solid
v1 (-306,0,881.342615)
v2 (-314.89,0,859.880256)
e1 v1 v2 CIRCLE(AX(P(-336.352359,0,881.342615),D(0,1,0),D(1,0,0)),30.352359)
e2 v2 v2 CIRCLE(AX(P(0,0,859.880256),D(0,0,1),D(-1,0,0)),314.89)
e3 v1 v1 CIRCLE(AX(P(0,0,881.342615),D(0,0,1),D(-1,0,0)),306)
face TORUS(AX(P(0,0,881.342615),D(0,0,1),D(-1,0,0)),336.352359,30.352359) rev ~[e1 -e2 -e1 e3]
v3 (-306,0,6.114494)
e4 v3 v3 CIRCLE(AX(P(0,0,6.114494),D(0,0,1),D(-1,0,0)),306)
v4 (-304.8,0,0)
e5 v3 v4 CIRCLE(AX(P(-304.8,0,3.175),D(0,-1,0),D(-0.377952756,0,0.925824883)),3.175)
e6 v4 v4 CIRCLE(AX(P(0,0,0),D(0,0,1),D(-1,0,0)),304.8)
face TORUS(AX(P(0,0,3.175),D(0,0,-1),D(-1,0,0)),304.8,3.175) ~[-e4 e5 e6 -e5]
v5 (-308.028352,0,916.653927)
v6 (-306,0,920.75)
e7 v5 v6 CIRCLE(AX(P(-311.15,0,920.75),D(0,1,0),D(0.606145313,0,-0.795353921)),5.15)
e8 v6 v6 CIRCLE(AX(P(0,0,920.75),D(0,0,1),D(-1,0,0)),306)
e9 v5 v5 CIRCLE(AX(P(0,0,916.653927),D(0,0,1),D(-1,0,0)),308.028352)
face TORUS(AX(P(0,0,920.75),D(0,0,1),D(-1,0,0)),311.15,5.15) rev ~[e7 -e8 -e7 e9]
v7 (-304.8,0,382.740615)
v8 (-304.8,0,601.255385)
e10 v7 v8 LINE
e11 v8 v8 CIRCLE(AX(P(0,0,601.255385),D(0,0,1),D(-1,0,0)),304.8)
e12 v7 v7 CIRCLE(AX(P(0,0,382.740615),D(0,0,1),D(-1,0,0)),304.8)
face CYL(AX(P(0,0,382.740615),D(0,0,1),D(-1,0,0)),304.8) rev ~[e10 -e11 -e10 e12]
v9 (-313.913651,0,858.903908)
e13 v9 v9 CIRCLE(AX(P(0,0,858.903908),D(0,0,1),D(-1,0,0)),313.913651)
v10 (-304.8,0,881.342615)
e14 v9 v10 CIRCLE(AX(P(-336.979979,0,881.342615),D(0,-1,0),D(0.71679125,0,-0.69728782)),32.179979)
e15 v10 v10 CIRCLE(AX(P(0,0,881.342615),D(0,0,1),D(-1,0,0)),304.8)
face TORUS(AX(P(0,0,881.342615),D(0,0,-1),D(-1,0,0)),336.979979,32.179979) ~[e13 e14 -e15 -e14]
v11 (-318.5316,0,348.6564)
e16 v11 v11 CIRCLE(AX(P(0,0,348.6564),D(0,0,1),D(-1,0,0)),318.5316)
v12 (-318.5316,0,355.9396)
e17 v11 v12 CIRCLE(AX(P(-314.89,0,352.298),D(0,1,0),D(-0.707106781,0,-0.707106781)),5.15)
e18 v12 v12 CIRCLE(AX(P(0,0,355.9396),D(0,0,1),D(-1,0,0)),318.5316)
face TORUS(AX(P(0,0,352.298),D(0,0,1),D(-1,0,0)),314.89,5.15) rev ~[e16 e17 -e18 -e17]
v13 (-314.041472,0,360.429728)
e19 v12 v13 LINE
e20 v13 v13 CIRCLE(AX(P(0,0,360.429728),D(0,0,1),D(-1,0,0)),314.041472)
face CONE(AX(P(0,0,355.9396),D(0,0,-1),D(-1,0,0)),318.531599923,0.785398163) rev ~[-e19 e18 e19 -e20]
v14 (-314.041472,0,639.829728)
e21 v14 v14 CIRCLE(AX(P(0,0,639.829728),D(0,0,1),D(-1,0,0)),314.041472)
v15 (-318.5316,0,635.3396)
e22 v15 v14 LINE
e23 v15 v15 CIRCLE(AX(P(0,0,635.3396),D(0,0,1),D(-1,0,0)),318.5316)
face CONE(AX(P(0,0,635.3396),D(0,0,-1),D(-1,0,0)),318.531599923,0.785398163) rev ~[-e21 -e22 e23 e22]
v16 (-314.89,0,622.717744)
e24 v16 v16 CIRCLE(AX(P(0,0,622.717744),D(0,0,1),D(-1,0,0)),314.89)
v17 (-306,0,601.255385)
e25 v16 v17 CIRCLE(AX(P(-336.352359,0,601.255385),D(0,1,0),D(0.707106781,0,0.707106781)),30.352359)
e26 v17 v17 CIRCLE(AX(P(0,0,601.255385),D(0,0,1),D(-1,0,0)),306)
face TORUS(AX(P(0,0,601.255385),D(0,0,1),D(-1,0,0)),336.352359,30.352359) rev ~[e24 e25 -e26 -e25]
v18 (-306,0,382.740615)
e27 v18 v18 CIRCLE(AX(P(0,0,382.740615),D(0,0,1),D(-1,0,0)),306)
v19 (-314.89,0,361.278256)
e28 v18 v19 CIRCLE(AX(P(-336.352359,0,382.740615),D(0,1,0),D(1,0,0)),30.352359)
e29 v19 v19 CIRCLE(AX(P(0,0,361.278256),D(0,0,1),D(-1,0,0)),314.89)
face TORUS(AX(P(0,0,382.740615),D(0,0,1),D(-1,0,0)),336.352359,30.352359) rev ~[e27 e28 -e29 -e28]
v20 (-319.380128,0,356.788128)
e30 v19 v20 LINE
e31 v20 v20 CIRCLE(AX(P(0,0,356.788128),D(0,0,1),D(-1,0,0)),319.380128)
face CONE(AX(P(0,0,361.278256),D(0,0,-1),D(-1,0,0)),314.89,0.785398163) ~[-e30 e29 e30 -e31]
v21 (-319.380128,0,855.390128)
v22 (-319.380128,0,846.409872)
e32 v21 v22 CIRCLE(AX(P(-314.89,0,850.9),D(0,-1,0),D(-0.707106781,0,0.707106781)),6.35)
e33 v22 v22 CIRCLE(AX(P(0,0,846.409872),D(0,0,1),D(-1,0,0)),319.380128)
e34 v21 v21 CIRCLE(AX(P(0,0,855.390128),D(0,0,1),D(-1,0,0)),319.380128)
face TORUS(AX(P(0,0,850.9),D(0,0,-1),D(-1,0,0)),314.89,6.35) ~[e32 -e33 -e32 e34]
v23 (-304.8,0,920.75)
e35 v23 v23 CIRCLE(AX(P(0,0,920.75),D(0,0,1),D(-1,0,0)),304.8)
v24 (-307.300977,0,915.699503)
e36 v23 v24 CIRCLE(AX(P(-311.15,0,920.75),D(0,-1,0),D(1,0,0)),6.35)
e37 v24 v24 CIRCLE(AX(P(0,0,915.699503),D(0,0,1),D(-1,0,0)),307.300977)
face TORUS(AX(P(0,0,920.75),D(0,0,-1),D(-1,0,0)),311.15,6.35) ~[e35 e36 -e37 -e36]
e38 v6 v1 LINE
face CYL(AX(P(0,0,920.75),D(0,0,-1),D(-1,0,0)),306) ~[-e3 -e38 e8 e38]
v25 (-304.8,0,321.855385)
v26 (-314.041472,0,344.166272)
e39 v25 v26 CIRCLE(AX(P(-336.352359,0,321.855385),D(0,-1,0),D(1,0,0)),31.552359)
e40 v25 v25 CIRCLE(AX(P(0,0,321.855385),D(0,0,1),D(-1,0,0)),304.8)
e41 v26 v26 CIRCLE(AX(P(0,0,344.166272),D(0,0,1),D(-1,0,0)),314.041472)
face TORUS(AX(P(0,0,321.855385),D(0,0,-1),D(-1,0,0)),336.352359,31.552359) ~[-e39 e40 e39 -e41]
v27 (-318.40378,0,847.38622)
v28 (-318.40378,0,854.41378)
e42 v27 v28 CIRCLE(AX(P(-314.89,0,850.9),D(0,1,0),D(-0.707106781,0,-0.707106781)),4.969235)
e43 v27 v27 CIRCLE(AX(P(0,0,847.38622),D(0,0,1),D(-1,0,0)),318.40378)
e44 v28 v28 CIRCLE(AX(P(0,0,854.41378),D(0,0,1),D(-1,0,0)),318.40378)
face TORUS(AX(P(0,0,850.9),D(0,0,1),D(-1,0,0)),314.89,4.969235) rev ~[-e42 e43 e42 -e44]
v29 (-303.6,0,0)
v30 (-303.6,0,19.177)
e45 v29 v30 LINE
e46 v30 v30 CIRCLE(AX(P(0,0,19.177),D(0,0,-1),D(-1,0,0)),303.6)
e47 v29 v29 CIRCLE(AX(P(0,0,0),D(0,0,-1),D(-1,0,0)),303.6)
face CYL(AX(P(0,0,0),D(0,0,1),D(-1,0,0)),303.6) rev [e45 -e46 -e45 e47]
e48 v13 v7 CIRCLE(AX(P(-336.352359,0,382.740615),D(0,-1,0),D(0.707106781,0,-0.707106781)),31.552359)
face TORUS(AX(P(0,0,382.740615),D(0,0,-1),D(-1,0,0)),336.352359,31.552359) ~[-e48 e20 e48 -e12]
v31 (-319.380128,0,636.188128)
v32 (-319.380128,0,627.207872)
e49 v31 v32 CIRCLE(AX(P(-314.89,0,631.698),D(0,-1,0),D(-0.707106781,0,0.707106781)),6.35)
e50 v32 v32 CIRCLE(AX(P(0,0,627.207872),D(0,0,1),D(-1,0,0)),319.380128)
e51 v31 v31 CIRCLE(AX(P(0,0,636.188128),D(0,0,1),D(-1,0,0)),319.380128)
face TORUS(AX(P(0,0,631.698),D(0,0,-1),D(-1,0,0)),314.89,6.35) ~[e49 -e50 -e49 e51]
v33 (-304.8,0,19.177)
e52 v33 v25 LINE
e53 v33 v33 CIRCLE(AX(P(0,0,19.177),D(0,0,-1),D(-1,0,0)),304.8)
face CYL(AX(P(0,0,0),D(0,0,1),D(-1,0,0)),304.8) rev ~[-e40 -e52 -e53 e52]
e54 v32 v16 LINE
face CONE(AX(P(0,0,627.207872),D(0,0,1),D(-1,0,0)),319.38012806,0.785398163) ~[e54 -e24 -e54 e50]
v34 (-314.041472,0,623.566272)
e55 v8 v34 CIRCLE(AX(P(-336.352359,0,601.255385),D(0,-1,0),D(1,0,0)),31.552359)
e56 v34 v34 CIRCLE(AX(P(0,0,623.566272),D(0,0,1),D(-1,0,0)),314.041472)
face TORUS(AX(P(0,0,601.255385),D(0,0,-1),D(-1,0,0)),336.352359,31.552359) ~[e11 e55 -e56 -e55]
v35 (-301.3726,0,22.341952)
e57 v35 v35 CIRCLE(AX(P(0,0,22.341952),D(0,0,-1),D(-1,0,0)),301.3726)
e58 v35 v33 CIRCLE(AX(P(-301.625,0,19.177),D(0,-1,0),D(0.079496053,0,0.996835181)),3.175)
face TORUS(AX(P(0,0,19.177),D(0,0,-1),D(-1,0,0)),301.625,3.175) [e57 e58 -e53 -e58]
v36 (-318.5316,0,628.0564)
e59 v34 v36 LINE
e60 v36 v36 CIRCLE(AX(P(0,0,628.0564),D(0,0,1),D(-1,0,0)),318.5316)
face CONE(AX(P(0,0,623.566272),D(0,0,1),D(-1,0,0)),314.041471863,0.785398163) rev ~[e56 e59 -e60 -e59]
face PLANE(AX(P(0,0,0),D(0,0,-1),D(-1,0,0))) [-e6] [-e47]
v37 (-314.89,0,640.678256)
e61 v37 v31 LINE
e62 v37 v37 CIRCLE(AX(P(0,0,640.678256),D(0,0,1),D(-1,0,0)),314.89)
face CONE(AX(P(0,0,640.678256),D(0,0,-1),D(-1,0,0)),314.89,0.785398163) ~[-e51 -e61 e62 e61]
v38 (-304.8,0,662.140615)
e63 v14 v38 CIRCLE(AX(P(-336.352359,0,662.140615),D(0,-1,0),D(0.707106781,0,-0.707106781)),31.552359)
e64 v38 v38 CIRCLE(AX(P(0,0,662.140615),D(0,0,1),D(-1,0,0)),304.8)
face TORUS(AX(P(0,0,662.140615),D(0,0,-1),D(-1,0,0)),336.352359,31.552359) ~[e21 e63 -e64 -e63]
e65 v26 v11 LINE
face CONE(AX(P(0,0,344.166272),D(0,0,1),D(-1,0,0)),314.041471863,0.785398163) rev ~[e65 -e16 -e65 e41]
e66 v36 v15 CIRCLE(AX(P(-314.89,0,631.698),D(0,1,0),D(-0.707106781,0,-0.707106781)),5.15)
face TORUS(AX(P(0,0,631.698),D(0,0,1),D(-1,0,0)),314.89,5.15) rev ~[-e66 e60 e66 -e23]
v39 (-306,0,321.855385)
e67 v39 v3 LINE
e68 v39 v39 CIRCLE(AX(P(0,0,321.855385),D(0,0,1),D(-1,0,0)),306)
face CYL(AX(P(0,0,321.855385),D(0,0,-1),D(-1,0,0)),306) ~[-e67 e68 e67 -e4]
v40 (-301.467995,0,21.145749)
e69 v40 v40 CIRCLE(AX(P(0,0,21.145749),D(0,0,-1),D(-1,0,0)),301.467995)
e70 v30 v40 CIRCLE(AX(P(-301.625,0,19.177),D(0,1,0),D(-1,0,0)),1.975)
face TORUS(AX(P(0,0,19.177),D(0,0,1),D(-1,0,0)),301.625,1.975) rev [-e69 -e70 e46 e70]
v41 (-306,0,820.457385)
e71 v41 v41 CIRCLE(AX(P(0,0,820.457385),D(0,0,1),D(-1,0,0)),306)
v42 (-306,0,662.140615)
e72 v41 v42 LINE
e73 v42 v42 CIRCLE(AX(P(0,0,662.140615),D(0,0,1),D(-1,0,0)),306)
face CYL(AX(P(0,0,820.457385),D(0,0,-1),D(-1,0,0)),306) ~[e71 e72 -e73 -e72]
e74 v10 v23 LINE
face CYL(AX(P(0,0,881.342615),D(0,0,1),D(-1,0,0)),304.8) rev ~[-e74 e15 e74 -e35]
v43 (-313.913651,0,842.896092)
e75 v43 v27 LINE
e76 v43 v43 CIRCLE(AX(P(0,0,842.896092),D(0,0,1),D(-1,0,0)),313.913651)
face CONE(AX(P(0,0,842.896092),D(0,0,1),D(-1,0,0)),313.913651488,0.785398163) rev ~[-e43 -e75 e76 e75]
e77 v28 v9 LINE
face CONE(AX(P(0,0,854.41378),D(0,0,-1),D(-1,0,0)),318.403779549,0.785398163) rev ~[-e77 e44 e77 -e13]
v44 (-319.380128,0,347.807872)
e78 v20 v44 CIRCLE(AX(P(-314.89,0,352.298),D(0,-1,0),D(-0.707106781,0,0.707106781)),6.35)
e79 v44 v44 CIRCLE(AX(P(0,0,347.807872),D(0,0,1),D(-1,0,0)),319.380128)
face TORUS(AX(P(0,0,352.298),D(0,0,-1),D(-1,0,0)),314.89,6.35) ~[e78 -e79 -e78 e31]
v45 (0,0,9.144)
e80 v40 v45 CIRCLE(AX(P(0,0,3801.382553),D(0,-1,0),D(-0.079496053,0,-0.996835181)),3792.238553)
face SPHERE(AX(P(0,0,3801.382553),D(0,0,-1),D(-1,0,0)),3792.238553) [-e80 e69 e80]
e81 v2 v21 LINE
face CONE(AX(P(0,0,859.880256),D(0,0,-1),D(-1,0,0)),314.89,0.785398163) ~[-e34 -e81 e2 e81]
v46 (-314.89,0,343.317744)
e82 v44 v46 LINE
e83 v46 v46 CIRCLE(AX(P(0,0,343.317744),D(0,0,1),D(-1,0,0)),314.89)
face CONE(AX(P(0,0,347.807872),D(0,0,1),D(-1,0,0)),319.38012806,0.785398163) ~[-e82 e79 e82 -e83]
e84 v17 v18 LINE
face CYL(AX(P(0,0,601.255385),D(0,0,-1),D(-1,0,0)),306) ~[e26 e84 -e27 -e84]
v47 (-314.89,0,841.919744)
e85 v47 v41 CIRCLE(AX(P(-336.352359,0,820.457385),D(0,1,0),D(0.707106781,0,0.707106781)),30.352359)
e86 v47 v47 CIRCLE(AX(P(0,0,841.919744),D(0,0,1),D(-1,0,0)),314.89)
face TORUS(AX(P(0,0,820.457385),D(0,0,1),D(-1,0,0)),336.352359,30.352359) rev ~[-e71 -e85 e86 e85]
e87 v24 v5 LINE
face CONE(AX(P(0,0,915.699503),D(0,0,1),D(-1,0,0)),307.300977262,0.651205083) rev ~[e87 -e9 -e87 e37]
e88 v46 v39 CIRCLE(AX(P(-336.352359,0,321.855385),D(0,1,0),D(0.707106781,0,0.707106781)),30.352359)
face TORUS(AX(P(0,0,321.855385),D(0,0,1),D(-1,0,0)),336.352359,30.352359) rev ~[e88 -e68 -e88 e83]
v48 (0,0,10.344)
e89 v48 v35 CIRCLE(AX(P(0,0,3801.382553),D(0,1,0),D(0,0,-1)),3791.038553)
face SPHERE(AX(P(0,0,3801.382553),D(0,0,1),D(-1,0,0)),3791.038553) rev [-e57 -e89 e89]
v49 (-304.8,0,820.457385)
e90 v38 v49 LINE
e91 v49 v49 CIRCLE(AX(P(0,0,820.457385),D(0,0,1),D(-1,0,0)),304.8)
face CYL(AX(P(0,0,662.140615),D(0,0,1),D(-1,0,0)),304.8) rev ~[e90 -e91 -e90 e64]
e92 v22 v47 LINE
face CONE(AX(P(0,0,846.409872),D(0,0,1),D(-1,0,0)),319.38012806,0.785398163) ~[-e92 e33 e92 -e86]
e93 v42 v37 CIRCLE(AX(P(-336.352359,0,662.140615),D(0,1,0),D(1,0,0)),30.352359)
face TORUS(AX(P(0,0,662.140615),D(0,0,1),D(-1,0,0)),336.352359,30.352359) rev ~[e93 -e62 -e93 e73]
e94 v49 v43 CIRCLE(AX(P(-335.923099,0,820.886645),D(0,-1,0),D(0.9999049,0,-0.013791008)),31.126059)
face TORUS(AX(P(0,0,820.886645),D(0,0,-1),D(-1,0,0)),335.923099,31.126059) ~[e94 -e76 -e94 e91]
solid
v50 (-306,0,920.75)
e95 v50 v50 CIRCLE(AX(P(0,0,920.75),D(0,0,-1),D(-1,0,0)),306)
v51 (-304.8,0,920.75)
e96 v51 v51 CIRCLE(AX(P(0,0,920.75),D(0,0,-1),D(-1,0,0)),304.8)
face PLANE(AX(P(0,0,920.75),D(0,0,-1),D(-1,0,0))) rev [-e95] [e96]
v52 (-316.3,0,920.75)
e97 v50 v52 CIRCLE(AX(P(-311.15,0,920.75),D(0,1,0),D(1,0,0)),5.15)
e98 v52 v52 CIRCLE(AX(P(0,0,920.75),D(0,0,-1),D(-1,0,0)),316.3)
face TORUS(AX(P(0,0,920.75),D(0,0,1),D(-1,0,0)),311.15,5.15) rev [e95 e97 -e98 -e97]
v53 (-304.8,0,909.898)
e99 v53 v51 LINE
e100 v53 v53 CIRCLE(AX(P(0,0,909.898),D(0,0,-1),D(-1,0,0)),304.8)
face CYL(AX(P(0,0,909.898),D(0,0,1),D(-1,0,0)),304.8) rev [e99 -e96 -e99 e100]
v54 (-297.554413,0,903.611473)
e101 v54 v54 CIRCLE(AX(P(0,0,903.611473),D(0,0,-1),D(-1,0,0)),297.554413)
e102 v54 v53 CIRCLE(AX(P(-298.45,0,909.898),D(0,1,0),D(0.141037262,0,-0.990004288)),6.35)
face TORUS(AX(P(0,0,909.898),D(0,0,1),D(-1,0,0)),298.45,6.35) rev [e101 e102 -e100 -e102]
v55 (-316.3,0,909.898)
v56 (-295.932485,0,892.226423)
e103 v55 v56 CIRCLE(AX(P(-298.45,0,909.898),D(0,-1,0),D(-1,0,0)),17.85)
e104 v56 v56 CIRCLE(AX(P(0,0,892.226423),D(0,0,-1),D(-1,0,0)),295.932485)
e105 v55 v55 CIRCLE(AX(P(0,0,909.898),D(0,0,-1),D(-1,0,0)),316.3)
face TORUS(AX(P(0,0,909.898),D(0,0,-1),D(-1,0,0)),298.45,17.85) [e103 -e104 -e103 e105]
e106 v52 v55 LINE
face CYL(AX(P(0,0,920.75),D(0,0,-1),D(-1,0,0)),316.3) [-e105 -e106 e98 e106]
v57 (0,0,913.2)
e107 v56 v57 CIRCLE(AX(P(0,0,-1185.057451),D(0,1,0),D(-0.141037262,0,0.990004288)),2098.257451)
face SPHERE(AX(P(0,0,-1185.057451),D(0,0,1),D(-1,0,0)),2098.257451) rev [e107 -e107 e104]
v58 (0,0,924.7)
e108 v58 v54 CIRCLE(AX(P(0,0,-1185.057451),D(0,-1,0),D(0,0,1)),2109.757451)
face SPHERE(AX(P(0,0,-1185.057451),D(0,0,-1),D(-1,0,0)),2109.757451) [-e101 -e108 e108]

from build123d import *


with BuildPart() as f1:
    # F0 (on Front) → F1 (revolve)
    with BuildSketch(Plane.XZ):
        with BuildLine():
            ThreePointArc((-306, 6.1144940041), (-307.9155672407, 2.5635543618), (-304.8, 0))
            Line((-304.8, 0), (-304.8, 321.8553853094))
            ThreePointArc((-304.8, 321.8553853094), (-307.2017802847, 333.929950186), (-314.0414718626, 344.1662720164))
            Line((-314.0414718626, 344.1662720164), (-318.5315999231, 348.6564000769))
            ThreePointArc((-318.5315999231, 348.6564000769), (-320.04, 352.298), (-318.5315999231, 355.9395999231))
            Line((-318.5315999231, 355.9395999231), (-314.0414718626, 360.4297279836))
            ThreePointArc((-314.0414718626, 360.4297279836), (-307.2017802847, 370.666049814), (-304.8, 382.7406146906))
            Line((-304.8, 382.7406146906), (-304.8, 601.2553853094))
            ThreePointArc((-304.8, 601.2553853094), (-307.2017802847, 613.329950186), (-314.0414718626, 623.5662720164))
            Line((-314.0414718626, 623.5662720164), (-318.5315999231, 628.0564000769))
            ThreePointArc((-318.5315999231, 628.0564000769), (-320.04, 631.698), (-318.5315999231, 635.3395999231))
            Line((-318.5315999231, 635.3395999231), (-314.0414718626, 639.8297279836))
            ThreePointArc((-314.0414718626, 639.8297279836), (-307.2017802847, 650.066049814), (-304.8, 662.1406146906))
            Line((-304.8, 662.1406146906), (-304.8, 820.4573853094))
            ThreePointArc((-304.8, 820.4573853094), (-307.0849165099, 832.5994920595), (-313.9136514881, 842.8960923908))
            Line((-313.9136514881, 842.8960923908), (-318.4037795486, 847.3862204514))
            ThreePointArc((-318.4037795486, 847.3862204514), (-319.8592346929, 850.9), (-318.4037795486, 854.4137795486))
            Line((-318.4037795486, 854.4137795486), (-313.9136514881, 858.9039076092))
            ThreePointArc((-313.9136514881, 858.9039076092), (-307.1653434729, 869.2331739631), (-304.8, 881.3426146906))
            Line((-304.8, 881.3426146906), (-304.8, 920.75))
            ThreePointArc((-304.8, 920.75), (-316.8405093966, 923.5679075228), (-307.3009772621, 915.6995026024))
            Line((-307.3009772621, 915.6995026024), (-308.0283516377, 916.6539273075))
            ThreePointArc((-308.0283516377, 916.6539273075), (-315.7651375421, 923.0353895657), (-306, 920.75))
            Line((-306, 920.75), (-306, 881.3426146906))
            ThreePointArc((-306, 881.3426146906), (-308.3104357237, 869.7272699328), (-314.89, 859.8802561211))
            Line((-314.89, 859.8802561211), (-319.3801280605, 855.3901280605))
            ThreePointArc((-319.3801280605, 855.3901280605), (-321.24, 850.9), (-319.3801280605, 846.4098719395))
            Line((-319.3801280605, 846.4098719395), (-314.89, 841.9197438789))
            ThreePointArc((-314.89, 841.9197438789), (-308.3104357237, 832.0727300672), (-306, 820.4573853094))
            Line((-306, 820.4573853094), (-306, 662.1406146906))
            ThreePointArc((-306, 662.1406146906), (-308.3104357237, 650.5252699328), (-314.89, 640.6782561211))
            Line((-314.89, 640.6782561211), (-319.3801280605, 636.1881280605))
            ThreePointArc((-319.3801280605, 636.1881280605), (-321.24, 631.698), (-319.3801280605, 627.2078719395))
            Line((-319.3801280605, 627.2078719395), (-314.89, 622.7177438789))
            ThreePointArc((-314.89, 622.7177438789), (-308.3104357237, 612.8707300672), (-306, 601.2553853094))
            Line((-306, 601.2553853094), (-306, 382.7406146906))
            ThreePointArc((-306, 382.7406146906), (-308.3104357237, 371.1252699328), (-314.89, 361.2782561211))
            Line((-314.89, 361.2782561211), (-319.3801280605, 356.7881280605))
            ThreePointArc((-319.3801280605, 356.7881280605), (-321.24, 352.298), (-319.3801280605, 347.8078719395))
            Line((-319.3801280605, 347.8078719395), (-314.89, 343.3177438789))
            ThreePointArc((-314.89, 343.3177438789), (-308.3104357237, 333.4707300672), (-306, 321.8553853094))
            Line((-306, 321.8553853094), (-306, 6.1144940041))
        make_face()
    revolve(axis=Axis((0, 0, 88.6719599366), (0, 0, 1)))

    # F2 (on Front) → F3 (revolve)
    with BuildSketch(Plane.XZ):
        with BuildLine():
            ThreePointArc((-301.3726000332, 22.341951699), (-303.7789794689, 21.5095945742), (-304.8, 19.177))
            Line((-304.8, 19.177), (-304.8, 0))
            Line((-304.8, 0), (-303.6, 0))
            Line((-303.6, 0), (-303.6, 19.177))
            ThreePointArc((-303.6, 19.177), (-302.9648769925, 20.6279840264), (-301.4679952962, 21.145749482))
            ThreePointArc((-301.4679952962, 21.145749482), (-150.8534008388, 12.1456252908), (0, 9.144))
            Line((0, 9.144), (0, 10.344))
            ThreePointArc((0, 10.344), (-150.8056654238, 13.3446754691), (-301.3726000332, 22.341951699))
        make_face()
    revolve(axis=Axis((0, 0, 97.150310874), (0, 0, -1)))


with BuildPart() as f5:
    # F4 (on Front) → F5 (revolve)
    with BuildSketch(Plane.XZ):
        with BuildLine():
            Line((-304.8, 909.898), (-304.8, 920.75))
            Line((-304.8, 920.75), (-306, 920.75))
            ThreePointArc((-306, 920.75), (-311.15, 915.6), (-316.3, 920.75))
            Line((-316.3, 920.75), (-316.3, 909.898))
            ThreePointArc((-316.3, 909.898), (-310.1479668134, 896.4154159586), (-295.9324848815, 892.2264234538))
            ThreePointArc((-295.9324848815, 892.2264234538), (-148.3373912078, 907.9500380086), (0, 913.2))
            Line((0, 913.2), (0, 924.7))
            ThreePointArc((0, 924.7), (-149.1503896309, 919.4212643407), (-297.5544133892, 903.6114727693))
            ThreePointArc((-297.5544133892, 903.6114727693), (-302.6114615835, 905.1016745847), (-304.8, 909.898))
        make_face()
    revolve(axis=Axis((0, 0, 399.7365534306), (0, 0, -1)))


solid = Compound([f1.part, f5.part])
